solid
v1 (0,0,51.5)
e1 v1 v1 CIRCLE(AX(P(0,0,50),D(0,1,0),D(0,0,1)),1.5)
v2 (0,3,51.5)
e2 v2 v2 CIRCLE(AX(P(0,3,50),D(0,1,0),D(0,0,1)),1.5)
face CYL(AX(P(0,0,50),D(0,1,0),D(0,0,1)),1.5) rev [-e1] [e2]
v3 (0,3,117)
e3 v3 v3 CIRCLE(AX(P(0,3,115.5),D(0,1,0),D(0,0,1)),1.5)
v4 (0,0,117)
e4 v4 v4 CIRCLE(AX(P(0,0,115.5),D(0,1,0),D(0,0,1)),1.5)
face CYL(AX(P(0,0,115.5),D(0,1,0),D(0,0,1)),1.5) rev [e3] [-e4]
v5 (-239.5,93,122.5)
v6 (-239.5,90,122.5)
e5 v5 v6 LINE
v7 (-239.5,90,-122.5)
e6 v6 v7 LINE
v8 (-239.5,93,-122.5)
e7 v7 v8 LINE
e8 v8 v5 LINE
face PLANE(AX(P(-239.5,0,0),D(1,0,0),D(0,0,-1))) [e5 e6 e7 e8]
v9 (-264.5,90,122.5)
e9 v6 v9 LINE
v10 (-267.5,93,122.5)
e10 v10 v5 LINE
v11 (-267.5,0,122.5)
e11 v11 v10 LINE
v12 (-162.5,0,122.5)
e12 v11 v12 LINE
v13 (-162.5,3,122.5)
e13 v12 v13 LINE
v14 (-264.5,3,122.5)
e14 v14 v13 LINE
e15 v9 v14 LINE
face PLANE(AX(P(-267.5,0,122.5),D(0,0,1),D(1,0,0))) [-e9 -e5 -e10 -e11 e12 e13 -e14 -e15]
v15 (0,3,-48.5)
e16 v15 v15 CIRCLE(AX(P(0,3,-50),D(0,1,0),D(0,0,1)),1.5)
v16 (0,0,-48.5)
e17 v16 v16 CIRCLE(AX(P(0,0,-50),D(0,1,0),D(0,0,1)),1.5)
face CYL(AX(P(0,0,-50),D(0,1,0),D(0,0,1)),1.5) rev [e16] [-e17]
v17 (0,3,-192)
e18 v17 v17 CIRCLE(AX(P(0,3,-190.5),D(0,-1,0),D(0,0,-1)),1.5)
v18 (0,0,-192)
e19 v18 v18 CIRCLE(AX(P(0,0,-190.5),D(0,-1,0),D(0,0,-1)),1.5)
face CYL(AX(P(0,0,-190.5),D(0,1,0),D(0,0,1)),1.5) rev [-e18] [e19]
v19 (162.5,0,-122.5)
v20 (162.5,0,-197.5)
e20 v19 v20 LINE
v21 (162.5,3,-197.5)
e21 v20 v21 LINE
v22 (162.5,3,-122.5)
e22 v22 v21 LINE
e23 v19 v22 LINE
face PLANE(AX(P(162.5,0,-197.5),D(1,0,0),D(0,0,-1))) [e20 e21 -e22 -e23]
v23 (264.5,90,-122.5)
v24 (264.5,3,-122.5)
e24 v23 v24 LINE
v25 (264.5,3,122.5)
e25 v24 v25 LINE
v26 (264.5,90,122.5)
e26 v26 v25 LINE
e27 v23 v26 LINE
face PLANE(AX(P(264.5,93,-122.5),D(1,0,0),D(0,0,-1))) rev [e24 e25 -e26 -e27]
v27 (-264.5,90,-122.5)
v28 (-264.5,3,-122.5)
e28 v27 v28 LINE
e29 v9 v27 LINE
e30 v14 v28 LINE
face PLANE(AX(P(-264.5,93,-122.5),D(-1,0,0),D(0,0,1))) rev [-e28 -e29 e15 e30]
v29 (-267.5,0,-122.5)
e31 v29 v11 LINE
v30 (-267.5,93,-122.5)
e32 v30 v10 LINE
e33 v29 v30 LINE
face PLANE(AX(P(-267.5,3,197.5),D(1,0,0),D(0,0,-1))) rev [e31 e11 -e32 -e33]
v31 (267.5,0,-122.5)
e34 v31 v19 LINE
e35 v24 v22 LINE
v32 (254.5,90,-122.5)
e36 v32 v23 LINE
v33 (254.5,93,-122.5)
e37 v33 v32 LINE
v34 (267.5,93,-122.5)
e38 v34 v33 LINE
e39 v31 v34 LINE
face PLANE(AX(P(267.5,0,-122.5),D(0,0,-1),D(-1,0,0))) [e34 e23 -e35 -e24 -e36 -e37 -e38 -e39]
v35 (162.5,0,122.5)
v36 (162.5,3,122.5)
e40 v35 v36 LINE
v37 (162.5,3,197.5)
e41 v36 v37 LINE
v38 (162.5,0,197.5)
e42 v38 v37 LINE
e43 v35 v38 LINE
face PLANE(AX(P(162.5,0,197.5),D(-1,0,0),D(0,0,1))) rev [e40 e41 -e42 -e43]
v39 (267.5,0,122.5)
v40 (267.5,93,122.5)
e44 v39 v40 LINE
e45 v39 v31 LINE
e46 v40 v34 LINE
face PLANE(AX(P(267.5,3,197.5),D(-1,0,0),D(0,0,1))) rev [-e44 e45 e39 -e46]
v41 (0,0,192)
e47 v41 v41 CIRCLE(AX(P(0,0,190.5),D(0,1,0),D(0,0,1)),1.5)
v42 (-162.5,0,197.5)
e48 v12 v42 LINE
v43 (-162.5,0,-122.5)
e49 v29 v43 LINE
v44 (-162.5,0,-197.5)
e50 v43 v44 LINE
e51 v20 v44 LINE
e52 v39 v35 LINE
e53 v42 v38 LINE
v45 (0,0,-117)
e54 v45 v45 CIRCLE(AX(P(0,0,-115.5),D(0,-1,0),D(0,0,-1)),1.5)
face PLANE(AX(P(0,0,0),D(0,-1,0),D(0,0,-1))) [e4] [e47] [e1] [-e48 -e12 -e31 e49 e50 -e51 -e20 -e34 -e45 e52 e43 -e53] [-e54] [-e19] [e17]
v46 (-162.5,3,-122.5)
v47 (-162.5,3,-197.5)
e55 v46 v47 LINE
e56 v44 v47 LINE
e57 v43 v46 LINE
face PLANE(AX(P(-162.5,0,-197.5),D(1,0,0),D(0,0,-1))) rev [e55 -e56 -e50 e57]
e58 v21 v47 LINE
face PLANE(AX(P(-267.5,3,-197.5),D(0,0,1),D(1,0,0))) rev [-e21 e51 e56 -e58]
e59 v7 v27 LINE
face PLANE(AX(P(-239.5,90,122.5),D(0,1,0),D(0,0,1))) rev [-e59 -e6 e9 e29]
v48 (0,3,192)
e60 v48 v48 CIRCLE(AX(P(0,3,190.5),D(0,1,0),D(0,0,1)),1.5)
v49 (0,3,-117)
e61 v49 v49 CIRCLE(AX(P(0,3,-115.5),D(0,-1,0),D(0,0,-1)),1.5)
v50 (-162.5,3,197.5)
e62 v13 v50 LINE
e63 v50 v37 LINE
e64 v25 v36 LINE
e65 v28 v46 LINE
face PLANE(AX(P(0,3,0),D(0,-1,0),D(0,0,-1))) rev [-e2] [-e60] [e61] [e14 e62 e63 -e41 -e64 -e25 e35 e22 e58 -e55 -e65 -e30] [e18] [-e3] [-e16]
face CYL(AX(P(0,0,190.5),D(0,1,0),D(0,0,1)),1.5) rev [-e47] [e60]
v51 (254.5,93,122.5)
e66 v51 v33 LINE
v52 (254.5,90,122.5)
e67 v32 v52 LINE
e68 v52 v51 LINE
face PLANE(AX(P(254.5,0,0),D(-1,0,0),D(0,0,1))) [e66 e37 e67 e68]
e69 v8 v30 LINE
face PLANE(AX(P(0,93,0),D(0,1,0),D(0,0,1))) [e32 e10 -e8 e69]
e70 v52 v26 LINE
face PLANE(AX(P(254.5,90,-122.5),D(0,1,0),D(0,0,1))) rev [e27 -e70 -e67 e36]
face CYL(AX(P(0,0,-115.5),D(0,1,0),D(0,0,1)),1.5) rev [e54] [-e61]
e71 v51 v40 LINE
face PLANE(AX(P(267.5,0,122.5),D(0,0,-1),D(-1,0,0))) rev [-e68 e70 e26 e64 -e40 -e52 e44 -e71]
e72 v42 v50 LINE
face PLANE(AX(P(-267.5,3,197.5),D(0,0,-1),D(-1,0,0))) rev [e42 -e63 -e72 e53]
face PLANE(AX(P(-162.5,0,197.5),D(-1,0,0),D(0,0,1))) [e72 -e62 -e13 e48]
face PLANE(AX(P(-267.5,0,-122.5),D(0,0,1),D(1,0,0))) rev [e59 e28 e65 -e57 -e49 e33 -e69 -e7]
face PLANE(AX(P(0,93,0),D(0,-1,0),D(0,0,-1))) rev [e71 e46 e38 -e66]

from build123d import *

# Parameters (mm, degrees)
SKETCH1_W               = 535
SKETCH1_H               = 395
BOSS_EXTRUDE1_DEPTH     = 3
SKETCH2_W               = 105
SKETCH2_H               = 75
CUT_EXTRUDE1_DEPTH      = 3
MIRROR2_COPY_1_SKETCH_W = 105
MIRROR2_COPY_1_SKETCH_H = 75
MIRROR2_COPY_1_DEPTH    = 3
SKETCH3_W               = 3
SKETCH3_H               = 245
BOSS_EXTRUDE2_DEPTH     = 90
SKETCH4_W               = 245
SKETCH4_H               = 3
BOSS_EXTRUDE3_DEPTH     = 25
SKETCH5_W               = 3
SKETCH5_H               = 245
BOSS_EXTRUDE4_DEPTH     = 90
SKETCH6_W               = 245
SKETCH6_H               = 3
BOSS_EXTRUDE5_DEPTH     = 10
SKETCH7_R               = 1.5
CUT_EXTRUDE2_DEPTH      = 3
SKETCH8_R               = 1.5
CUT_EXTRUDE3_DEPTH      = 4
SKETCH9_R               = 1.5
CUT_EXTRUDE4_DEPTH      = 4


with BuildPart() as part:
    # Sketch1 → Boss-Extrude1 (new body)
    with BuildSketch(Plane(origin=(0, 0, 0), x_dir=(1, 0, 0), z_dir=(0, 1, 0))):
        Rectangle(SKETCH1_W, SKETCH1_H)
    extrude(amount=BOSS_EXTRUDE1_DEPTH)

    # Sketch2 → Cut-Extrude1 (cut)
    with BuildSketch(Plane(origin=(0, 3, 0), x_dir=(1, 0, 0), z_dir=(0, 1, 0))):
        with Locations((-215, 160)):
            Rectangle(SKETCH2_W, SKETCH2_H)
    cut_extrude1 = extrude(amount=-CUT_EXTRUDE1_DEPTH, mode=Mode.SUBTRACT)

    # Mirror1: Cut-Extrude1 across plane
    add(cut_extrude1.mirror(Plane.XY), mode=Mode.SUBTRACT)

    # Mirror2: Cut-Extrude1 across plane
    add(cut_extrude1.mirror(Plane(origin=(0, 0, 0), x_dir=(0, 0, 1), z_dir=(1, 0, 0))), mode=Mode.SUBTRACT)

    # Mirror2 copy 1 sketch → Mirror2 copy 1 (cut)
    with BuildSketch(Plane(origin=(0, 3, 0), x_dir=(-1, 0, 0), z_dir=(0, 1, 0))):
        with Locations((-215, 160)):
            Rectangle(MIRROR2_COPY_1_SKETCH_W, MIRROR2_COPY_1_SKETCH_H)
    extrude(amount=-MIRROR2_COPY_1_DEPTH, mode=Mode.SUBTRACT)

    # Sketch3 → Boss-Extrude2 (add)
    with BuildSketch(Plane(origin=(0, 3, 0), x_dir=(1, 0, 0), z_dir=(0, 1, 0))):
        with Locations((-266, 0)):
            Rectangle(SKETCH3_W, SKETCH3_H)
    extrude(amount=BOSS_EXTRUDE2_DEPTH)

    # Sketch4 → Boss-Extrude3 (add)
    with BuildSketch(Plane(origin=(-264.5, 0, 0), x_dir=(0, 0, -1), z_dir=(1, 0, 0))):
        with Locations((0, 91.5)):
            Rectangle(SKETCH4_W, SKETCH4_H)
    extrude(amount=BOSS_EXTRUDE3_DEPTH)

    # Sketch5 → Boss-Extrude4 (add)
    with BuildSketch(Plane(origin=(0, 3, 0), x_dir=(1, 0, 0), z_dir=(0, 1, 0))):
        with Locations((266, 0)):
            Rectangle(SKETCH5_W, SKETCH5_H)
    extrude(amount=BOSS_EXTRUDE4_DEPTH)

    # Sketch6 → Boss-Extrude5 (add)
    with BuildSketch(Plane.ZY.offset(-264.5)):
        with Locations((0, 91.5)):
            Rectangle(SKETCH6_W, SKETCH6_H)
    extrude(amount=BOSS_EXTRUDE5_DEPTH)

    # Sketch7 → Cut-Extrude2 (cut)
    with BuildSketch(Plane(origin=(0, 3, 0), x_dir=(1, 0, 0), z_dir=(0, 1, 0))):
        with Locations((0, 50)):
            Circle(SKETCH7_R)
        with Locations((0, -50)):
            Circle(SKETCH7_R)
    extrude(amount=-CUT_EXTRUDE2_DEPTH, mode=Mode.SUBTRACT)

    # Sketch8 → Cut-Extrude3 (cut, through all)
    with BuildSketch(Plane(origin=(0, 3, 0), x_dir=(1, 0, 0), z_dir=(0, 1, 0))):
        with Locations((0, -190.5)):
            Circle(SKETCH8_R)
    cut_extrude3 = extrude(amount=-CUT_EXTRUDE3_DEPTH, mode=Mode.SUBTRACT)

    # Sketch9 → Cut-Extrude4 (cut, through all)
    with BuildSketch(Plane(origin=(0, 3, 0), x_dir=(1, 0, 0), z_dir=(0, 1, 0))):
        with Locations((0, -115.5)):
            Circle(SKETCH9_R)
    cut_extrude4 = extrude(amount=-CUT_EXTRUDE4_DEPTH, mode=Mode.SUBTRACT)

    # Mirror3: Cut-Extrude3, Cut-Extrude4 across plane
    add(cut_extrude3.mirror(Plane.XY), mode=Mode.SUBTRACT)
    add(cut_extrude4.mirror(Plane.XY), mode=Mode.SUBTRACT)


solid = part.part
